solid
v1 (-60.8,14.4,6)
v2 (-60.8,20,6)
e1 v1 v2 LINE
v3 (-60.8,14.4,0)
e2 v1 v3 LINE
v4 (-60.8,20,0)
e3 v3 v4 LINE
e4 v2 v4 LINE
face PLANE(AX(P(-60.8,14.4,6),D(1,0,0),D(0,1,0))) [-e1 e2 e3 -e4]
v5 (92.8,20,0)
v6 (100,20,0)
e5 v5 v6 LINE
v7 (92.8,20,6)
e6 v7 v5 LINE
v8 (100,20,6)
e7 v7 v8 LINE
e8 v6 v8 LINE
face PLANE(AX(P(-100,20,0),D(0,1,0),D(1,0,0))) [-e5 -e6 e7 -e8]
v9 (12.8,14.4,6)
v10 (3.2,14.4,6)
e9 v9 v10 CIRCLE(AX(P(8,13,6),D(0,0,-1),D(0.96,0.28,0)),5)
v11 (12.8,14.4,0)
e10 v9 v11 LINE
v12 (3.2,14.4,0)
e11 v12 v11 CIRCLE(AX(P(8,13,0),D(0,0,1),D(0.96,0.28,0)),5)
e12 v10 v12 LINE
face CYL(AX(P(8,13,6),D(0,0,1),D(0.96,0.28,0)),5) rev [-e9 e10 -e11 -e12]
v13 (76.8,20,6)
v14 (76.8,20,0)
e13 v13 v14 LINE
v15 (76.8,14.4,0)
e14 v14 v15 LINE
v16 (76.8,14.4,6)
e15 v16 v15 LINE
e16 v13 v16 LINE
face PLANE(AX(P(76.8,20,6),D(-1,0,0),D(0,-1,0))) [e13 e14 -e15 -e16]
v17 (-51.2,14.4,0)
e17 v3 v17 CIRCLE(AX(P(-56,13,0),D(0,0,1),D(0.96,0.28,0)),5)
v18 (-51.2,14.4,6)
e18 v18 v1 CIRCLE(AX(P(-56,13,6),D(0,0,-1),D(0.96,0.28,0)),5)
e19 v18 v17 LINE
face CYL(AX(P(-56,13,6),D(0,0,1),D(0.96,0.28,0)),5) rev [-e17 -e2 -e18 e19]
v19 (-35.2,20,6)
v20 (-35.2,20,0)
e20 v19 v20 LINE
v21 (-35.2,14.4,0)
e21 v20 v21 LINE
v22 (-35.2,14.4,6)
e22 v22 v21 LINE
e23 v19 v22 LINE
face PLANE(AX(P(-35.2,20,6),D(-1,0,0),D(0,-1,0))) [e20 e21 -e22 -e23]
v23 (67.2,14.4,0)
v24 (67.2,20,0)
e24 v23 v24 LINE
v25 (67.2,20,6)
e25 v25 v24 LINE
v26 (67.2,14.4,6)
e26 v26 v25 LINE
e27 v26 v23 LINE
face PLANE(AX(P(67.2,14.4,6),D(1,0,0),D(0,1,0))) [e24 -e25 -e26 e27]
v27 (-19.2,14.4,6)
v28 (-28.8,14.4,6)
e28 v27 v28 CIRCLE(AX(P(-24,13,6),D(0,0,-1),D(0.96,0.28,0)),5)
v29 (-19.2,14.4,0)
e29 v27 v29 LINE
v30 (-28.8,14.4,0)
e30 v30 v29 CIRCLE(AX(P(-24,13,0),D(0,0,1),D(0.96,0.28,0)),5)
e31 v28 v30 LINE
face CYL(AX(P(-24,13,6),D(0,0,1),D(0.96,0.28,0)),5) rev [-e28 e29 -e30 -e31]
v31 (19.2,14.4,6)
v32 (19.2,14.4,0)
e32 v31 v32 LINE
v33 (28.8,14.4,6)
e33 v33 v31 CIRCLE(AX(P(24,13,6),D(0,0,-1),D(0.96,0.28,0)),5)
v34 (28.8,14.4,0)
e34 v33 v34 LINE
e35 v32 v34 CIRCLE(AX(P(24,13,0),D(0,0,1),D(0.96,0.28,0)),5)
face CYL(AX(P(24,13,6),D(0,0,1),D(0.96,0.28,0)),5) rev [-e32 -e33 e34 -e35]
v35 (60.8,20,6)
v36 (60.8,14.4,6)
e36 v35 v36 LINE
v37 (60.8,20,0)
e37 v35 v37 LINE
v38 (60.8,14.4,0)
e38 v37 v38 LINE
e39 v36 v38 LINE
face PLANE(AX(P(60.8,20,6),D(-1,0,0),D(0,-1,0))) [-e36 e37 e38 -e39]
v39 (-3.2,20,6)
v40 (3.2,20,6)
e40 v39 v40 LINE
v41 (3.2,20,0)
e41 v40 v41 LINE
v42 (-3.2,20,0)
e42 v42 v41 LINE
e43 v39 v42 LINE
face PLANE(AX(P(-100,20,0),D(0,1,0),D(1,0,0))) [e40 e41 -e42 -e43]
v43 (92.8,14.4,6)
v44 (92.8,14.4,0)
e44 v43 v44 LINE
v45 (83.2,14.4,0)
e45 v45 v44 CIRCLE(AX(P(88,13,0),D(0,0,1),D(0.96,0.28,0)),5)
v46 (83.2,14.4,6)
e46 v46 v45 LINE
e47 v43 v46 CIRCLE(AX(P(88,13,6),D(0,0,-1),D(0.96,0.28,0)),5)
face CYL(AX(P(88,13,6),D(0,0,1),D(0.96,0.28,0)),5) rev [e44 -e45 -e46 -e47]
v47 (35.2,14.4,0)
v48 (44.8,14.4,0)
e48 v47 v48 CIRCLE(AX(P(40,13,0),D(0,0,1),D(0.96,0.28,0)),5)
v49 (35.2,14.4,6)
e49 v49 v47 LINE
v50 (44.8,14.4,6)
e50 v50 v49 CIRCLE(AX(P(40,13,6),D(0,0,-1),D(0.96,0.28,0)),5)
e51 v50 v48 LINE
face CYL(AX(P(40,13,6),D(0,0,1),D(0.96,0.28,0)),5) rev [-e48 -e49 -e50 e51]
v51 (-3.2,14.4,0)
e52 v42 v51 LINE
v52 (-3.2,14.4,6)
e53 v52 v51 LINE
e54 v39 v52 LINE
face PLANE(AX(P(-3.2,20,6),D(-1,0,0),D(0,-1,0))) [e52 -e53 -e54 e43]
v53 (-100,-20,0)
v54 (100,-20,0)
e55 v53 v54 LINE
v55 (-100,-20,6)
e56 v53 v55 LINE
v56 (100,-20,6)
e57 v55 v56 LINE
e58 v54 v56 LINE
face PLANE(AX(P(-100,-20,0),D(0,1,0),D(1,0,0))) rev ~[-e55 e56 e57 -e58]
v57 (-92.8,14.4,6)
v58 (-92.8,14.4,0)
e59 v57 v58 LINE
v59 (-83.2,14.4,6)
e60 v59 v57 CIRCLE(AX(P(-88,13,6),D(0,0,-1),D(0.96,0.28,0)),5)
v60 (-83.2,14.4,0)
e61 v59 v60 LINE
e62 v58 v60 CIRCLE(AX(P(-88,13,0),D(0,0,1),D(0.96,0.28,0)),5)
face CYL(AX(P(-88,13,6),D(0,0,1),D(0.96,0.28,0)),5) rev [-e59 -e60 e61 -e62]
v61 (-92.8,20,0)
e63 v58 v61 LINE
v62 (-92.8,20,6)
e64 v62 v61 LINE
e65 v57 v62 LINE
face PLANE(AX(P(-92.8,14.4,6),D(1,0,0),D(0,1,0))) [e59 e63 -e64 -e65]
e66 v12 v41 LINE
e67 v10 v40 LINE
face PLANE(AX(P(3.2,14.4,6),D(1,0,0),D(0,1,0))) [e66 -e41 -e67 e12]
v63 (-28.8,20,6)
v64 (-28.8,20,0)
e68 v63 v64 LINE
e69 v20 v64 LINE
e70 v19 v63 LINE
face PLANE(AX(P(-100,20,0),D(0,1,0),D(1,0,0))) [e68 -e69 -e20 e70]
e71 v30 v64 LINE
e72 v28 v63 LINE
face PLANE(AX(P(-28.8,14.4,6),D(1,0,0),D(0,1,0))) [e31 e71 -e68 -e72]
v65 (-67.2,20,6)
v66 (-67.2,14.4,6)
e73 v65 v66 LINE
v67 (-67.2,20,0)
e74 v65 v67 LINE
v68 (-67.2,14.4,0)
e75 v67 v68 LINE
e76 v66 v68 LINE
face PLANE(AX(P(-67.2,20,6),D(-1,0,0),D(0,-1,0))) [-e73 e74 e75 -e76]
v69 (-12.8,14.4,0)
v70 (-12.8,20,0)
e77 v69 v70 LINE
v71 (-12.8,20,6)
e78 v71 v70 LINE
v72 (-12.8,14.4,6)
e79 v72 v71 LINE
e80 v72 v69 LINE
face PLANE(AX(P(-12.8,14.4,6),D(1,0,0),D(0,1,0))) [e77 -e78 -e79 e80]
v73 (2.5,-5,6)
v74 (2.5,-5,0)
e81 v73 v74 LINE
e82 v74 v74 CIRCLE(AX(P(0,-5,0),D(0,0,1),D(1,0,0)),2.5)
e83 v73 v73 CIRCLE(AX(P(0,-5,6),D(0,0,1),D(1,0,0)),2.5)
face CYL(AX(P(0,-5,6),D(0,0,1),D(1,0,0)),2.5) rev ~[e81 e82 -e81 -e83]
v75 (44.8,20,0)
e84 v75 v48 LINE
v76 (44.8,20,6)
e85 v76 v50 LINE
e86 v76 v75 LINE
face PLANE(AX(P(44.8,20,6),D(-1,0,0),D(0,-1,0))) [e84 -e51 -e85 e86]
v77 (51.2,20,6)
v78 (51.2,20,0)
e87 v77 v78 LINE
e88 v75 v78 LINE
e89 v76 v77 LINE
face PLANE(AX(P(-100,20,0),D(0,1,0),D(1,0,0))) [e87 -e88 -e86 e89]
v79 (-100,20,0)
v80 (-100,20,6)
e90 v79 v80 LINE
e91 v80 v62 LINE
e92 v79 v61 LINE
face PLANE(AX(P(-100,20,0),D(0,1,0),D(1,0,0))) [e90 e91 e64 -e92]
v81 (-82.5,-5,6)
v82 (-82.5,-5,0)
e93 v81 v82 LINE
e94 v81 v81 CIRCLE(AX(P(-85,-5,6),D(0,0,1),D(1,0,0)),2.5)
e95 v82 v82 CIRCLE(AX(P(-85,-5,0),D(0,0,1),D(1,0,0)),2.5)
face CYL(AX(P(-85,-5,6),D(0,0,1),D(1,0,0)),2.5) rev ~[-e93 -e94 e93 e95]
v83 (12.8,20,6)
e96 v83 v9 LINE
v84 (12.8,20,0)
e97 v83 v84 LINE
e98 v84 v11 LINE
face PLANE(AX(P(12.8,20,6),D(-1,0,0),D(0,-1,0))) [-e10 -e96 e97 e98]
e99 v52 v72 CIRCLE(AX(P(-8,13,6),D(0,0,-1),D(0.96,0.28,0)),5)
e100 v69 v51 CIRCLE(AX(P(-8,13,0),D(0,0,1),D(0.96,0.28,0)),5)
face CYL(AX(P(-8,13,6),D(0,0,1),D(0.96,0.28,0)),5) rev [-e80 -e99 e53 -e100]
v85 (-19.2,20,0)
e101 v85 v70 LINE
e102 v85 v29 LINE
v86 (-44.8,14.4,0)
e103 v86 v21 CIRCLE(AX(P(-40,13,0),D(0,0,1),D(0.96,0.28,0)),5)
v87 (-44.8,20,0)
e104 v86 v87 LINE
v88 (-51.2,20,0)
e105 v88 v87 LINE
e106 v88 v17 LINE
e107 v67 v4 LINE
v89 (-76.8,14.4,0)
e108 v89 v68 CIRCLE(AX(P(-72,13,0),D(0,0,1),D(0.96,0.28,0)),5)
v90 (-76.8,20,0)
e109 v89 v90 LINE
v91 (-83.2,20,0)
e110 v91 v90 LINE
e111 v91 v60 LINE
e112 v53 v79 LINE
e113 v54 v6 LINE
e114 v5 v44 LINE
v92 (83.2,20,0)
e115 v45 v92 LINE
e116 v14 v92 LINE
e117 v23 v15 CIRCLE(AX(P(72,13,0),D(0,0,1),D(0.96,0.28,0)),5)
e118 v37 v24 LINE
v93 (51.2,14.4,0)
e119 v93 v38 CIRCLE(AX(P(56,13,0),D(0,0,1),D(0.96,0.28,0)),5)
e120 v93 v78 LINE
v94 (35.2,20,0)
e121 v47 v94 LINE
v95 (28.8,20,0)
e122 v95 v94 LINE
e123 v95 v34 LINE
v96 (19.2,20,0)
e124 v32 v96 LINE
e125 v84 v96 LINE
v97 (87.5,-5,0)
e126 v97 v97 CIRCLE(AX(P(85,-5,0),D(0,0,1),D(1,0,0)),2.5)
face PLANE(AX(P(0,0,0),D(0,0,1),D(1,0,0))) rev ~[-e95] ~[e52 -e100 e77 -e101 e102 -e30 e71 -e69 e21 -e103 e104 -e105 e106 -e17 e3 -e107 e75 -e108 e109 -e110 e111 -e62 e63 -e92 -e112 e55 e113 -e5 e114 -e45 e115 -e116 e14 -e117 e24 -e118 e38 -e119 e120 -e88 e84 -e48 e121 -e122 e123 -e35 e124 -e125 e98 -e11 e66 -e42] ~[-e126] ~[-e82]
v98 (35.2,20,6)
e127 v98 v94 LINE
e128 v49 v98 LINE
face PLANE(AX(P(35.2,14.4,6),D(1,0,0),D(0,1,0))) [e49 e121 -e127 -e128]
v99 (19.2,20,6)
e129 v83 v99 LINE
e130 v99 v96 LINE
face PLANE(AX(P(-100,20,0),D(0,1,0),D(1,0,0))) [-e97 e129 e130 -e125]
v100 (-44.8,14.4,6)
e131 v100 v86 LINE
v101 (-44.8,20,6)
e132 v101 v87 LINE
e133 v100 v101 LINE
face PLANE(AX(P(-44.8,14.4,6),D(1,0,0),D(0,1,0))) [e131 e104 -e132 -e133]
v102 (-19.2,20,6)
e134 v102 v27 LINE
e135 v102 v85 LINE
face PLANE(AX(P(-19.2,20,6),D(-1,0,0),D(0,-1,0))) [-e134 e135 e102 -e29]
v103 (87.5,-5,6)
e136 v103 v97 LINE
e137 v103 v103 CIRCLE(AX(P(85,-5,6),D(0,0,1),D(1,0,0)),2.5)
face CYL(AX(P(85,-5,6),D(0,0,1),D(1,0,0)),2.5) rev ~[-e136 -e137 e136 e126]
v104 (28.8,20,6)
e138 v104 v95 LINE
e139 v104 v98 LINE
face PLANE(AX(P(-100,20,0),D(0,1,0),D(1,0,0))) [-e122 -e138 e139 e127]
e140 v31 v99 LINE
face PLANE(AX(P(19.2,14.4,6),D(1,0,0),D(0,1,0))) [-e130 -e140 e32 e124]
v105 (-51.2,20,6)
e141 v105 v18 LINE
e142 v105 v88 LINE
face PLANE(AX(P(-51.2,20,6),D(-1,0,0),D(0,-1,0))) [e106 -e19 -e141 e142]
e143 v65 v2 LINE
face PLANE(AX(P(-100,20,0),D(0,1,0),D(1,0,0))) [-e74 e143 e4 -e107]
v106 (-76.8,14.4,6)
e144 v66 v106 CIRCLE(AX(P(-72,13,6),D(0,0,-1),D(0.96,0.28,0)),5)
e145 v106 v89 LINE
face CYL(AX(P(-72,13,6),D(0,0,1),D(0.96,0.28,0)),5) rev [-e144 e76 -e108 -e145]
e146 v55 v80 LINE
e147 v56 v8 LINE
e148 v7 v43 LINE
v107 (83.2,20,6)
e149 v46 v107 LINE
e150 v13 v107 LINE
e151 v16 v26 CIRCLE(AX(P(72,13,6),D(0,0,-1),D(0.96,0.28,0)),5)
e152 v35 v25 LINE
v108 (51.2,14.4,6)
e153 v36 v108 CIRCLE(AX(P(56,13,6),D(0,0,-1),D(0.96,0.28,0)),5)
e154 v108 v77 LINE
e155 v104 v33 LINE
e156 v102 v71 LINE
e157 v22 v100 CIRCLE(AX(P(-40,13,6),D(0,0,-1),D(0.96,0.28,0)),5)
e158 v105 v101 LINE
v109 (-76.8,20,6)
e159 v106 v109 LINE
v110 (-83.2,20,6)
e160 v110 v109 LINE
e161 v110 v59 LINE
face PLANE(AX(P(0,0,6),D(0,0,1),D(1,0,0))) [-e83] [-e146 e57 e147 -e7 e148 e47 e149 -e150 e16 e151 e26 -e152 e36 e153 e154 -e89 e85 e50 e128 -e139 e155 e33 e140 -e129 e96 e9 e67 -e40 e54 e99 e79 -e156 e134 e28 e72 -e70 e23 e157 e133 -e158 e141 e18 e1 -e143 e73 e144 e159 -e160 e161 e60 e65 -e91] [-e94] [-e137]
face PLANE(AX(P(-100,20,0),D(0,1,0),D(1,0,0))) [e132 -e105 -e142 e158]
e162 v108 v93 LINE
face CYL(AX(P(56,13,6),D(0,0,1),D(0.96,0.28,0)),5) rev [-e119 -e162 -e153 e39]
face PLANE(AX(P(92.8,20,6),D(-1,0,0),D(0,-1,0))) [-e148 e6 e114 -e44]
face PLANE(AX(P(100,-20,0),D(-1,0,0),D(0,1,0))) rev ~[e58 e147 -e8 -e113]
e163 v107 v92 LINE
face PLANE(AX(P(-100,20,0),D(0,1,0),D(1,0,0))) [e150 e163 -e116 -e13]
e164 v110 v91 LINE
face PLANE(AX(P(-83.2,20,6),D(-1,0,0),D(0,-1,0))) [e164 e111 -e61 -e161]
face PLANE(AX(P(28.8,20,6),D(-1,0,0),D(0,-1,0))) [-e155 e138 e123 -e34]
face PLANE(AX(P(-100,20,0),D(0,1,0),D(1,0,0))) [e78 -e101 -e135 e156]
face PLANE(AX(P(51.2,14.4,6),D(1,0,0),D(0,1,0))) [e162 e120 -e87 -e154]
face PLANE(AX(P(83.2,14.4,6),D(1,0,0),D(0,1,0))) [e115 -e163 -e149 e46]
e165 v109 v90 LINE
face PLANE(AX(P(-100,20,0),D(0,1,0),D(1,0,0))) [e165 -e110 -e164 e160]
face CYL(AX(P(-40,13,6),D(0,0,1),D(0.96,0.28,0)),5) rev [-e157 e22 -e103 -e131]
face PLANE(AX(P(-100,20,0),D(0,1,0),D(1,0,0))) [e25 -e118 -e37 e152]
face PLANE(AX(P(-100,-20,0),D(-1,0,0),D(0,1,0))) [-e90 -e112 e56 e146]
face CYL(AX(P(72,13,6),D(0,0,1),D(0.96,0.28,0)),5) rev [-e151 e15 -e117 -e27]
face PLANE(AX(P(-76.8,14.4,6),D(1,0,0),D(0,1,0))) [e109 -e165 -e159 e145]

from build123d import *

# Parameters (mm, degrees)
ESQUISSE1_W                = 200
ESQUISSE1_H                = 40
BOSS_EXTRU_1_DEPTH         = 6
ENL_V_MAT_EXTRU_1_DEPTH    = 103.156742313
ESQUISSE3_R                = 2.5
ENL_V_MAT_EXTRU_2_DEPTH    = 103.156742313
R_P_TITION_LIN_AIRE1_COUNT = 12
R_P_TITION_LIN_AIRE1_PITCH = 16


with BuildPart() as part:
    # Esquisse1 → Boss.-Extru.1 (new body)
    with BuildSketch(Plane.XY):
        Rectangle(ESQUISSE1_W, ESQUISSE1_H)
    extrude(amount=BOSS_EXTRU_1_DEPTH)

    # Esquisse2 → Enlèv. mat.-Extru.1 (cut, through all)
    with BuildSketch(Plane.XY.offset(6)):
        with BuildLine():
            Line((-92.8, 14.4), (-92.8, 20))
            Line((-92.8, 20), (-83.2, 20))
            Line((-83.2, 20), (-83.2, 14.4))
            ThreePointArc((-83.2, 14.4), (-88, 8), (-92.8, 14.4))
        make_face()
    enl_v_mat_extru_1 = extrude(amount=-ENL_V_MAT_EXTRU_1_DEPTH, mode=Mode.SUBTRACT)

    # Esquisse3 → Enlèv. mat.-Extru.2 (cut, through all)
    with BuildSketch(Plane.XY.offset(6)):
        with Locations((-85, -5)):
            Circle(ESQUISSE3_R)
        with Locations((85, -5)):
            Circle(ESQUISSE3_R)
        with Locations((0, -5)):
            Circle(ESQUISSE3_R)
    extrude(amount=-ENL_V_MAT_EXTRU_2_DEPTH, mode=Mode.SUBTRACT)

    # Répétition linéaire1: Enlèv. mat.-Extru.1 ×12
    with Locations(*[(i * R_P_TITION_LIN_AIRE1_PITCH, 0, 0) for i in range(1, R_P_TITION_LIN_AIRE1_COUNT)]):
        add(enl_v_mat_extru_1, mode=Mode.SUBTRACT)


solid = part.part
